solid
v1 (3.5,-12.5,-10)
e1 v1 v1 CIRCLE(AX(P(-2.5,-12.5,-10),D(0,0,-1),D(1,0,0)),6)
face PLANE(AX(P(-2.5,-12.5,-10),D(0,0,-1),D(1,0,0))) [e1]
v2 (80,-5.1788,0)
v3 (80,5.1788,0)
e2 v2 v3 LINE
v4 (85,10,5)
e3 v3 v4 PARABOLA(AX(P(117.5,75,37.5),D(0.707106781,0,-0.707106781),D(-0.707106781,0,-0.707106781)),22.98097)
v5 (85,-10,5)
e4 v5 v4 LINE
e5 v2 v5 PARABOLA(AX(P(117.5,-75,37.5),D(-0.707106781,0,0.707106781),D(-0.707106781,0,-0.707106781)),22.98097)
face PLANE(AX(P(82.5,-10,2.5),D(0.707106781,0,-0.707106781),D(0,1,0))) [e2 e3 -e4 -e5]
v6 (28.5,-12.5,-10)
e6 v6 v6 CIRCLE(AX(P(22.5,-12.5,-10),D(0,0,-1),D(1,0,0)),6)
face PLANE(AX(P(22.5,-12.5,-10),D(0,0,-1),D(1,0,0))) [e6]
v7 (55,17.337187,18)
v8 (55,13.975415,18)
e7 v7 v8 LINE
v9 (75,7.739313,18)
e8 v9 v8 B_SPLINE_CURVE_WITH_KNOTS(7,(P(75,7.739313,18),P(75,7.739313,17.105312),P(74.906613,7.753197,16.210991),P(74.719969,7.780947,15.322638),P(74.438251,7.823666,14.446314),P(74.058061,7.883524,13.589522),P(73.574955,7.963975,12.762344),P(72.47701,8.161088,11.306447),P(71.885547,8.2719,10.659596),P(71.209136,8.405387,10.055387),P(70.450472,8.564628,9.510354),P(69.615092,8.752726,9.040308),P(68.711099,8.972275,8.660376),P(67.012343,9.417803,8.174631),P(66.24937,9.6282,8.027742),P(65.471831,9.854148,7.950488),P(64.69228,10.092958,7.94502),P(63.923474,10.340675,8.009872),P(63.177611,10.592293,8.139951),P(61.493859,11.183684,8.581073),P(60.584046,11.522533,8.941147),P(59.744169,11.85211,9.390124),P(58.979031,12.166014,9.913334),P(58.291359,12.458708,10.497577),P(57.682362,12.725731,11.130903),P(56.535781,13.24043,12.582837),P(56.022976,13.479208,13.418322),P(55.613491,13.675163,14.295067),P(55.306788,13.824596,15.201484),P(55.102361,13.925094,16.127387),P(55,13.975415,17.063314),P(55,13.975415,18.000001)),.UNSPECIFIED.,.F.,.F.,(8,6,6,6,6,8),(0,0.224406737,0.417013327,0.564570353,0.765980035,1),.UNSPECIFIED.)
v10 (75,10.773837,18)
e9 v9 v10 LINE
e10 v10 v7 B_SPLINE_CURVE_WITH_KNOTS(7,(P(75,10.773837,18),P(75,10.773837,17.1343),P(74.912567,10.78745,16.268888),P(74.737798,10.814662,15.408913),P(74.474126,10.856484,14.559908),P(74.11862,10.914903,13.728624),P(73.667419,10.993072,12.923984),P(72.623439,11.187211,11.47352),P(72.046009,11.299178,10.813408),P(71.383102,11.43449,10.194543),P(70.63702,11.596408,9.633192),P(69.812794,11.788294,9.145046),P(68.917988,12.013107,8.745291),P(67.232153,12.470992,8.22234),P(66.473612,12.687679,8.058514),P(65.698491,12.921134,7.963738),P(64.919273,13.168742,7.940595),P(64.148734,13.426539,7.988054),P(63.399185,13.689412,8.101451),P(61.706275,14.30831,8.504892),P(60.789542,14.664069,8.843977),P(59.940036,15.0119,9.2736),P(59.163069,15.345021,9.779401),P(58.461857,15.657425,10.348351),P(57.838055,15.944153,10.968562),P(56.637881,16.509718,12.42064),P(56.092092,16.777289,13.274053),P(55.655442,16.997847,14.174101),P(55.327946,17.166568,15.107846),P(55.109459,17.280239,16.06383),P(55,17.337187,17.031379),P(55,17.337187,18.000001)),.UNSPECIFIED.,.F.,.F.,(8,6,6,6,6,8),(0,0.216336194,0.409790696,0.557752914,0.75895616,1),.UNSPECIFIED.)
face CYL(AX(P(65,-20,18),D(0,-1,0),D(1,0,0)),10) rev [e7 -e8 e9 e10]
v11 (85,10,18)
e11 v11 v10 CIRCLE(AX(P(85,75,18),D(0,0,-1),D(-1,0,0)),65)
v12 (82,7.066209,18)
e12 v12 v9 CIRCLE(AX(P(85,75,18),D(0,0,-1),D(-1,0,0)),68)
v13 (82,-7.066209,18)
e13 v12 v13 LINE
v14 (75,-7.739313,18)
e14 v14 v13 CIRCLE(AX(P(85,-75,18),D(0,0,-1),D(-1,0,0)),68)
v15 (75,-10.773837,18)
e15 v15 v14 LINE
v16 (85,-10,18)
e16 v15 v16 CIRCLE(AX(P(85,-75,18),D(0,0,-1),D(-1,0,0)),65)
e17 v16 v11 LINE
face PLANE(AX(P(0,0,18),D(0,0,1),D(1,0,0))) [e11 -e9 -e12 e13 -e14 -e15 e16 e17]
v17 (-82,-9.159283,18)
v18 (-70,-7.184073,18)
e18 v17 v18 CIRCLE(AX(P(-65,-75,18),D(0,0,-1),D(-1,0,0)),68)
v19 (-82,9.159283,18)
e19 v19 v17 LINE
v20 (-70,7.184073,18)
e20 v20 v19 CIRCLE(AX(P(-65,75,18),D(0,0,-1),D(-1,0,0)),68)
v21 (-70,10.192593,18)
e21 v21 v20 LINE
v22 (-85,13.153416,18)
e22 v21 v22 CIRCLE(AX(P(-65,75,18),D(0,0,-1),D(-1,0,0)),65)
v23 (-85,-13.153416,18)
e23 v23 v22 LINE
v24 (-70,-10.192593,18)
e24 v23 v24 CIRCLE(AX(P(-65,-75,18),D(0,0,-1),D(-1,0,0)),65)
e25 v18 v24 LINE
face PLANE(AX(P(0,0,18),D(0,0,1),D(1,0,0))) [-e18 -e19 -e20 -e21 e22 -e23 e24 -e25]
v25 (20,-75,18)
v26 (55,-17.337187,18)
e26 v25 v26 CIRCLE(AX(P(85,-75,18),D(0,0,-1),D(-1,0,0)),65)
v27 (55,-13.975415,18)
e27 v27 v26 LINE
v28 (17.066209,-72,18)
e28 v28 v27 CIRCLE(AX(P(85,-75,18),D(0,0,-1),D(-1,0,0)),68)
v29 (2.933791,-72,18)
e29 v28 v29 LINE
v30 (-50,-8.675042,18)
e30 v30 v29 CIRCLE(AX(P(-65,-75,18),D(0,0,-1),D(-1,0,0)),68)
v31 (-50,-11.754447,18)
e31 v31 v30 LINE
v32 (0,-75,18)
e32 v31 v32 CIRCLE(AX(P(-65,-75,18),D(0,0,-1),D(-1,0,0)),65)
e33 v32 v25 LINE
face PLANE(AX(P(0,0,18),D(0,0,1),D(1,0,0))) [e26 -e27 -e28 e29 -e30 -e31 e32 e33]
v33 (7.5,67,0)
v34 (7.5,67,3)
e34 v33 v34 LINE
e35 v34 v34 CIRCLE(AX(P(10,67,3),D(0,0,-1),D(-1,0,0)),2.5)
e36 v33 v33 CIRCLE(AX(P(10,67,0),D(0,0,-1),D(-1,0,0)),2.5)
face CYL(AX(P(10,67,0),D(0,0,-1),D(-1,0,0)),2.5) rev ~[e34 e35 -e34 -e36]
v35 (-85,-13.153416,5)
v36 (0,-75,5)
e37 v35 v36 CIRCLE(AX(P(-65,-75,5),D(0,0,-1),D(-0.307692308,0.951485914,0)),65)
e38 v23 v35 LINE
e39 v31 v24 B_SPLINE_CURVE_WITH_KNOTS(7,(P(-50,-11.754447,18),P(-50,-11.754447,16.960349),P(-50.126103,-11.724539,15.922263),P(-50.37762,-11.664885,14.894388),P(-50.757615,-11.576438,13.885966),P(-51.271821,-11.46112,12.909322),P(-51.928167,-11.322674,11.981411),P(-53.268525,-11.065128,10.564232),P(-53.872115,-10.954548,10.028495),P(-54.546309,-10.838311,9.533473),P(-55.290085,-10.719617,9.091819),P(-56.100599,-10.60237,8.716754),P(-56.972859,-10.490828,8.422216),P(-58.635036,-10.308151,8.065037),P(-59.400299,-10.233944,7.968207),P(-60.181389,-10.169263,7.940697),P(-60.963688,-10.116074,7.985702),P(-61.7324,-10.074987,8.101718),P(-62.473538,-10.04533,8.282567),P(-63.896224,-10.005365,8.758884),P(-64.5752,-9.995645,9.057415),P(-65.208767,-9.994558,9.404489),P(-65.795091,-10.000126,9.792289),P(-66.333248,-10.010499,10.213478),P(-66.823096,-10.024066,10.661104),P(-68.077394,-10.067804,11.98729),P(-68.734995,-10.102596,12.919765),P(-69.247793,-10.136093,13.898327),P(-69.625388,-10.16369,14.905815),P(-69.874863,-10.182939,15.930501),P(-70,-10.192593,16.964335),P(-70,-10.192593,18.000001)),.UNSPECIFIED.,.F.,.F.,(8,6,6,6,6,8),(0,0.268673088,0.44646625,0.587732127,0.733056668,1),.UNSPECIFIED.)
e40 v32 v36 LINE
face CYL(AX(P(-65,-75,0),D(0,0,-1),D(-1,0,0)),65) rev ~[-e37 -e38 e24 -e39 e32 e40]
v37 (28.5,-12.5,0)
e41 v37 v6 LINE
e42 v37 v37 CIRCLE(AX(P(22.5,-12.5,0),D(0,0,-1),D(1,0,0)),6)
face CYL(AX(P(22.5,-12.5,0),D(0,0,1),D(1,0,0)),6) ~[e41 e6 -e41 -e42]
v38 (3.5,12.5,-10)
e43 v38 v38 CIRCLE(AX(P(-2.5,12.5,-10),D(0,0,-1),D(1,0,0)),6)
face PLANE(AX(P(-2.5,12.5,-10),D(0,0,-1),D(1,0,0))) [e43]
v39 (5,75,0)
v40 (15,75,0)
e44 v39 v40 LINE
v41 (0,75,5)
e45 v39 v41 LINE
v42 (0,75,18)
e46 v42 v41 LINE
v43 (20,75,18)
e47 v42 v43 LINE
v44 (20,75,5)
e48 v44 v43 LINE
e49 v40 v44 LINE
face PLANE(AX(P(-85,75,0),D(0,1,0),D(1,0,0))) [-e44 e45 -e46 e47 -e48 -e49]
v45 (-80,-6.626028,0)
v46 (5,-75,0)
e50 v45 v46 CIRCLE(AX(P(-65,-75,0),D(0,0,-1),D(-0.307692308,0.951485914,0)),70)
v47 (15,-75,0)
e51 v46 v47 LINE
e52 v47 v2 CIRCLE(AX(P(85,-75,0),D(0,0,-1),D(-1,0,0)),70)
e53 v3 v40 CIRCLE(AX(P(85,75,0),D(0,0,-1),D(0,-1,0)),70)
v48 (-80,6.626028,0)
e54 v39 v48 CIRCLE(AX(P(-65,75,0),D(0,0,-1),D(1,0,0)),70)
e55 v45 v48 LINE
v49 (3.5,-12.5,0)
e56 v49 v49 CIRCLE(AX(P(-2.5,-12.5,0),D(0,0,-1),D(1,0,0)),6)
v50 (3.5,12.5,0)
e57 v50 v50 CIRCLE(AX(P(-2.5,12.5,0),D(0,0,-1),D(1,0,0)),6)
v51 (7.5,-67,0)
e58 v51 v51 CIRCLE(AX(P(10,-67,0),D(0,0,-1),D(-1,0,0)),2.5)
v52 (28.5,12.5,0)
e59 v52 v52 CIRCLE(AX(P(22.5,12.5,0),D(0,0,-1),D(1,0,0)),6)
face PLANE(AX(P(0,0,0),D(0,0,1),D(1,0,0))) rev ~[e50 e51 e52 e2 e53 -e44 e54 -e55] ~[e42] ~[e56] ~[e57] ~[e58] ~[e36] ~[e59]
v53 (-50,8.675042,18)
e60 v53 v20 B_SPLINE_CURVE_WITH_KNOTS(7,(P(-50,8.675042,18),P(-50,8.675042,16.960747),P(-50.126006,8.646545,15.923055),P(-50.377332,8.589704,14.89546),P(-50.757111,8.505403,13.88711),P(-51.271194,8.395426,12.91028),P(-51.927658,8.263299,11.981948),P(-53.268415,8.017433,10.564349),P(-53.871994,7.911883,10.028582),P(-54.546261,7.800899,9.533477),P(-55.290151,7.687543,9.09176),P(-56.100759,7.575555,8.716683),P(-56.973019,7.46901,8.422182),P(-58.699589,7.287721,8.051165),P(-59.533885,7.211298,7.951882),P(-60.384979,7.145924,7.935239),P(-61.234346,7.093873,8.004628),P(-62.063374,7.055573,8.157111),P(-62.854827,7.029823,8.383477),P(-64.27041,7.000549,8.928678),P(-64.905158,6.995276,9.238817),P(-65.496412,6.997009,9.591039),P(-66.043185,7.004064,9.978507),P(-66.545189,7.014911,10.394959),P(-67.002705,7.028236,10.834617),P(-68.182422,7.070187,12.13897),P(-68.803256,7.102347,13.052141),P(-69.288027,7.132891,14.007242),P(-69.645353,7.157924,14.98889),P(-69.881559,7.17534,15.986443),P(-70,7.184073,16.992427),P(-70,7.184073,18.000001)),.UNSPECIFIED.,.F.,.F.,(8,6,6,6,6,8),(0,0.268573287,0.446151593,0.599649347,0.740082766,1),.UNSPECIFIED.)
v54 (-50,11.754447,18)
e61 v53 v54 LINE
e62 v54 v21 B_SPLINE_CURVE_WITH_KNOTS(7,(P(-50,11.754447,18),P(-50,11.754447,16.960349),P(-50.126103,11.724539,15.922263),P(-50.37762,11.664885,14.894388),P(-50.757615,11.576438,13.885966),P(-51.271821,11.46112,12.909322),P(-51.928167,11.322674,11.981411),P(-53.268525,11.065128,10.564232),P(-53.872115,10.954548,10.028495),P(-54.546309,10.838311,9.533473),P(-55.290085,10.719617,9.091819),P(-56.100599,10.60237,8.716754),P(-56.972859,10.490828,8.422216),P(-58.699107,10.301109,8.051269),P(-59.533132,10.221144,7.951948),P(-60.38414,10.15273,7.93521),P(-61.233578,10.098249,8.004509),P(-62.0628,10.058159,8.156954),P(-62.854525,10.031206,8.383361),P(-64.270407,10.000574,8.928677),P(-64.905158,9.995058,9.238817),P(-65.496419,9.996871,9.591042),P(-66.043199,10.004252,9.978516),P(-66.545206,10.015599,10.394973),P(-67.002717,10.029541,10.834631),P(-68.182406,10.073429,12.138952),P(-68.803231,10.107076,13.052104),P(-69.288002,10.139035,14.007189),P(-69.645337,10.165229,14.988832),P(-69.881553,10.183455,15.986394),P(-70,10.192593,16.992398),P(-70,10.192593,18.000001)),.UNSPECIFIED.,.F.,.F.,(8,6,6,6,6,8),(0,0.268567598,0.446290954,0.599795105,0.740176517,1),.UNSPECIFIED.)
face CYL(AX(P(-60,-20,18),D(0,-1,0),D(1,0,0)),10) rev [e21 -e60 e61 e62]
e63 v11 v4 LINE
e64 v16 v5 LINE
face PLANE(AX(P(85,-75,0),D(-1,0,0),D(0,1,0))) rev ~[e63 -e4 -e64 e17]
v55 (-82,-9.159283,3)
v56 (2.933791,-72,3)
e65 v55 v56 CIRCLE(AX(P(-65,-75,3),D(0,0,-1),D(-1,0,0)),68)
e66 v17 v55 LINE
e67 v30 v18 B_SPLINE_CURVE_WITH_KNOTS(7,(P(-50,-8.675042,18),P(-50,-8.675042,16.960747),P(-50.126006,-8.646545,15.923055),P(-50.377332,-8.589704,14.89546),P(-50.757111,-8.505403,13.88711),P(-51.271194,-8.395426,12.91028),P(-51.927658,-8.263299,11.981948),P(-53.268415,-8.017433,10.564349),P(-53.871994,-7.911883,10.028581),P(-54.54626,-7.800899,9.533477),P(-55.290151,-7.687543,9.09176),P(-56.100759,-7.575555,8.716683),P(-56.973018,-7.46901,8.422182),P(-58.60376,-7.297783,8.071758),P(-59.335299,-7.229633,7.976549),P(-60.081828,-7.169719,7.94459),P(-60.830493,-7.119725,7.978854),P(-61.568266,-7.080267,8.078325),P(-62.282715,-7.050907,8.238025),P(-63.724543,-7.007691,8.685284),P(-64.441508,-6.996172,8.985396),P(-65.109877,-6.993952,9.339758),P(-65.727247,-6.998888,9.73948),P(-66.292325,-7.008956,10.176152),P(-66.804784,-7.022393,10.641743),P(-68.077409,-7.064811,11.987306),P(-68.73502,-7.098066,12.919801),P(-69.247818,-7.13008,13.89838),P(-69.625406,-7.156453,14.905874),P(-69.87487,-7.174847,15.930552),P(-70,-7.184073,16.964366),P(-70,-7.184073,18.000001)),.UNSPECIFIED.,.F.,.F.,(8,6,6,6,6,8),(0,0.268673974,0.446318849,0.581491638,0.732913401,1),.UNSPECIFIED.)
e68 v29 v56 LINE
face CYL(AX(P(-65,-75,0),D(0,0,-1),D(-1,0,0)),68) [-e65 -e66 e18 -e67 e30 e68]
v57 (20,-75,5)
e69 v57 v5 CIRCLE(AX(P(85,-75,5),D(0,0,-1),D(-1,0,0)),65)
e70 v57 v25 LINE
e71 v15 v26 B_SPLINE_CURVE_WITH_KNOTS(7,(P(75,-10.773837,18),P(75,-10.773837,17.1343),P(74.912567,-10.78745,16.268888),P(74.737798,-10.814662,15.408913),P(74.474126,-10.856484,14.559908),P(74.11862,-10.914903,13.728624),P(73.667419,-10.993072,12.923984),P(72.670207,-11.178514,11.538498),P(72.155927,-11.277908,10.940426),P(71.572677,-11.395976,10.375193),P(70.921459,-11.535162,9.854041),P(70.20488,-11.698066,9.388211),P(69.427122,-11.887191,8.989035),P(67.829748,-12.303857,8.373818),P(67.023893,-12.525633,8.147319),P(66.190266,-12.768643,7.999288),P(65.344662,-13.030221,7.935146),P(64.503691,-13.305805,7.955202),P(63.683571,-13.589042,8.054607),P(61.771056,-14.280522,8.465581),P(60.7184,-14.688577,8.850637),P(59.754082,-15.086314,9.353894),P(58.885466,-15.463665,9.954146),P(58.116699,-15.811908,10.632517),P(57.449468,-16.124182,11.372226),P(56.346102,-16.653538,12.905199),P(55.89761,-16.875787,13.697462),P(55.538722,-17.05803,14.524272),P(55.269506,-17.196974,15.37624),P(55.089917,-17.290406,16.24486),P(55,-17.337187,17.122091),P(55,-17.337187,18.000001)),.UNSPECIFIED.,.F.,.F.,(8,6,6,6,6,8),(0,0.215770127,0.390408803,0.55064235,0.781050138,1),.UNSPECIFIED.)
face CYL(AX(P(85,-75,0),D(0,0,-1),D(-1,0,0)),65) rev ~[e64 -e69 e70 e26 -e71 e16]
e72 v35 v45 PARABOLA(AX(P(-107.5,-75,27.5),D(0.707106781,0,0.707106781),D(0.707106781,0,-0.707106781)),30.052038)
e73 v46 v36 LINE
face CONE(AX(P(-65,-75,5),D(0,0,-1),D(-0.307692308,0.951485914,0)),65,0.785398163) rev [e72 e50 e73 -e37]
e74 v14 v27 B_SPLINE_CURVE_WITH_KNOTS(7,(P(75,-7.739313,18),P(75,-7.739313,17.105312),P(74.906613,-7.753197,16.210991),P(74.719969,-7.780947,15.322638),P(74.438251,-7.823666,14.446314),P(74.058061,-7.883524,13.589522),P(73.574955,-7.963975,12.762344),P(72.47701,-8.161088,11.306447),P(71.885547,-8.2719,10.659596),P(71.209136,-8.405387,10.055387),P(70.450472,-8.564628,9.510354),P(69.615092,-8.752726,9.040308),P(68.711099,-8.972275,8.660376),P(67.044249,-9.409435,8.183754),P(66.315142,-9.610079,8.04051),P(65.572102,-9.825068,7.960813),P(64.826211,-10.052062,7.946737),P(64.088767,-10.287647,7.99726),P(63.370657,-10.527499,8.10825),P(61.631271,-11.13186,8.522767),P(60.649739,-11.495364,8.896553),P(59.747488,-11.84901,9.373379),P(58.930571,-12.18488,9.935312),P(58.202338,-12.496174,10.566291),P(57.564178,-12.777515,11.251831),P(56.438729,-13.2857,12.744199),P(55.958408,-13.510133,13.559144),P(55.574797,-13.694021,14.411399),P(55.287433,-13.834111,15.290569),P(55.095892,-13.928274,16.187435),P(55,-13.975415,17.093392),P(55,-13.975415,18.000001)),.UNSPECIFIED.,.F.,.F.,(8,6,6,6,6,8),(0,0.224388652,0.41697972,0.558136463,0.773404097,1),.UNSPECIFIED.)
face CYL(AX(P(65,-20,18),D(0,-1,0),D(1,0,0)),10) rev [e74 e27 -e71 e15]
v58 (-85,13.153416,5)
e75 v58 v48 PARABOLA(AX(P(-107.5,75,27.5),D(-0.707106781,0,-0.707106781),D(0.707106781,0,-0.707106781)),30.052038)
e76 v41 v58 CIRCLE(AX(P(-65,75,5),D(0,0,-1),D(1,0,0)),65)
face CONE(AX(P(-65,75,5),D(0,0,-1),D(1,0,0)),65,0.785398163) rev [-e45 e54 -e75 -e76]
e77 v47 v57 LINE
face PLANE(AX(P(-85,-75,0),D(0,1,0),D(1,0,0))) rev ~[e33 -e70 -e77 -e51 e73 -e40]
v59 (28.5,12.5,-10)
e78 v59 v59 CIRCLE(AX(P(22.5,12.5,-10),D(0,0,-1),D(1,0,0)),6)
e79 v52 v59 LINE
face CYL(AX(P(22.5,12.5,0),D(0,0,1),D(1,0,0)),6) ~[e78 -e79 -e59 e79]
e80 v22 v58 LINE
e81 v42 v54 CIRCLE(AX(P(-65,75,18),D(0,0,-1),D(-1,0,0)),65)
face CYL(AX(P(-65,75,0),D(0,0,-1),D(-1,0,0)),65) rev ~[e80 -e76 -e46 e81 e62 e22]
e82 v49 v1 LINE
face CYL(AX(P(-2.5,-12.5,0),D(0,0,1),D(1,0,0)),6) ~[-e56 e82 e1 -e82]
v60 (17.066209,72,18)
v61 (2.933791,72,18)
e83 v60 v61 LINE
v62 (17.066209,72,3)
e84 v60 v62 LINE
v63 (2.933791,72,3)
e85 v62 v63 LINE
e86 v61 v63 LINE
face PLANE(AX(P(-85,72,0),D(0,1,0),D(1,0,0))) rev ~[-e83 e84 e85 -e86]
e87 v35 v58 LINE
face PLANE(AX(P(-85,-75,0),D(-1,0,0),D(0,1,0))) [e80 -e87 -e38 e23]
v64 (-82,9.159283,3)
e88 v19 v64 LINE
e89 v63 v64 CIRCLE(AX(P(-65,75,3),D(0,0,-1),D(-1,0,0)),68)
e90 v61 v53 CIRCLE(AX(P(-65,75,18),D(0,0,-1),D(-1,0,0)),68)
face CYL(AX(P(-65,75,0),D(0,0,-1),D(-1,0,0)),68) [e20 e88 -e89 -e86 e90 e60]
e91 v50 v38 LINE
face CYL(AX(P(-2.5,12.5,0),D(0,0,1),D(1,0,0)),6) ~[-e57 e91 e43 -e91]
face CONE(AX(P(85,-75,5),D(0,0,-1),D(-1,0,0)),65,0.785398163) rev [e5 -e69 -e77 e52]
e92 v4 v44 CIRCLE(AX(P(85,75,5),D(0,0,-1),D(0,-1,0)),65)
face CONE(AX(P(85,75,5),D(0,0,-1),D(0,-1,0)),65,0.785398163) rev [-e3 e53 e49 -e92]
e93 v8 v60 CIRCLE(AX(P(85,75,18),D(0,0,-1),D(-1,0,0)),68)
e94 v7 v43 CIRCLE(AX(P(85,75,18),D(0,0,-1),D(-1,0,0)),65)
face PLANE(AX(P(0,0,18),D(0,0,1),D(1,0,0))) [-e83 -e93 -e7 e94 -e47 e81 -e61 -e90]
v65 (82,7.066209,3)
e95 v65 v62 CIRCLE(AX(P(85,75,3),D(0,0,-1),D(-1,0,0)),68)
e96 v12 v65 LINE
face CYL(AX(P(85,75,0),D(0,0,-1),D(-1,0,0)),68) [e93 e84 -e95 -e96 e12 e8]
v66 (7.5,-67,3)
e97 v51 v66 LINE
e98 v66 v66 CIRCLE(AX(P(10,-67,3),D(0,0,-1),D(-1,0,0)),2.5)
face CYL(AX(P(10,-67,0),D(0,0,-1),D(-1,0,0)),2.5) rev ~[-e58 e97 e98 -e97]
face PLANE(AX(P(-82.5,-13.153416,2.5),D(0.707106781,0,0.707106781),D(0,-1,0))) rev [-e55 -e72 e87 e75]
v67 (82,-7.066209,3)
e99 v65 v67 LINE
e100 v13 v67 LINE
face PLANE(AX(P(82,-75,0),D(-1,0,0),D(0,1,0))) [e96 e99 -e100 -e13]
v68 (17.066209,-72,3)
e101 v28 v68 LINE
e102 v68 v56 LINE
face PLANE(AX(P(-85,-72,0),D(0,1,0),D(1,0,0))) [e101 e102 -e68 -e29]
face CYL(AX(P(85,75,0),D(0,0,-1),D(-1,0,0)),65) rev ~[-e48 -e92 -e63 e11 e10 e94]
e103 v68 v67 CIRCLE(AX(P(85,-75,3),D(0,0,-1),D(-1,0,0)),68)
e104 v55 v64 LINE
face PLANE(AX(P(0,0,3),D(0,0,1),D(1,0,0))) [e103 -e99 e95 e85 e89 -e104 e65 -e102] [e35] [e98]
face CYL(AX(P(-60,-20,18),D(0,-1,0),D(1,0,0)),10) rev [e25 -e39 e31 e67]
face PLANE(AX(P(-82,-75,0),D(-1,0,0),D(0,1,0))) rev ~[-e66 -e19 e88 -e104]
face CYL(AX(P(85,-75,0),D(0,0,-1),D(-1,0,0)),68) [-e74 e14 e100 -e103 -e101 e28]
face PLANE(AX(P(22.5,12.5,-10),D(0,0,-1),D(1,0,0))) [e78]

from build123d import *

# Parameters (mm, degrees)
SKETCH1_W               = 170
SKETCH1_H               = 150
BOSS_EXTRUDE1_DEPTH     = 18
SKETCH2_R               = 65
CUT_EXTRUDE1_DEPTH      = 20
SHELL2_T                = -3
CUT_EXTRUDE2_DEPTH      = 20
CUT_EXTRUDE2_DEPTH_BACK = 20
SKETCH3_R               = 10
SKETCH4_R               = 2.5
CUT_EXTRUDE3_DEPTH      = 20
CHAMFER1_SIZE           = 5
SKETCH5_R               = 6
BOSS_EXTRUDE2_DEPTH     = 10


with BuildPart() as part:
    # Sketch1 → Boss-Extrude1 (new body)
    with BuildSketch(Plane.XY):
        Rectangle(SKETCH1_W, SKETCH1_H)
    extrude(amount=BOSS_EXTRUDE1_DEPTH)

    # Sketch2 → Cut-Extrude1 (cut)
    with BuildSketch(Plane(origin=(0, 0, 0), x_dir=(-1, 0, 0), z_dir=(0, 0, -1))):
        with Locations((-85, 75)):
            Circle(SKETCH2_R)
        with Locations((-85, -75)):
            Circle(SKETCH2_R)
        with Locations((65, 75)):
            Circle(SKETCH2_R)
        with Locations((65, -75)):
            Circle(SKETCH2_R)
    extrude(amount=-CUT_EXTRUDE1_DEPTH, mode=Mode.SUBTRACT)

    # Shell2
    shell2_openings = [part.faces().sort_by_distance(p)[0] for p in [
        (6.095773298, 0, 18),
    ]]
    offset(amount=SHELL2_T, openings=shell2_openings, kind=Kind.INTERSECTION)

    # Sketch3 → Cut-Extrude2 (cut, two sides: drawn at the far end of the back side and taken through both)
    with BuildSketch(Plane(origin=(0, 0, 0), x_dir=(1, 0, 0), z_dir=(0, 1, 0)).offset(-CUT_EXTRUDE2_DEPTH_BACK)):
        with Locations((-60, -18)):
            Circle(SKETCH3_R)
        with Locations((65, -18)):
            Circle(SKETCH3_R)
    extrude(amount=CUT_EXTRUDE2_DEPTH + CUT_EXTRUDE2_DEPTH_BACK, mode=Mode.SUBTRACT)

    # Sketch4 → Cut-Extrude3 (cut)
    with BuildSketch(Plane(origin=(0, 0, 0), x_dir=(-1, 0, 0), z_dir=(0, 0, -1))):
        with Locations((-10, -67)):
            Circle(SKETCH4_R)
        with Locations((-10, 67)):
            Circle(SKETCH4_R)
    extrude(amount=-CUT_EXTRUDE3_DEPTH, mode=Mode.SUBTRACT)

    # Chamfer1
    chamfer1_edges = [part.edges().sort_by_distance(p)[0] for p in [
        (-85, 0, 0),
        (85, 0, 0),
        (39.038059223, 29.038059223, 0),
        (39.038059223, -29.038059223, 0),
        (-26.757353648, 22.440509896, 0),
        (-26.757353648, -22.440509896, 0),
    ]]
    chamfer(chamfer1_edges, length=CHAMFER1_SIZE)

    # Sketch5 → Boss-Extrude2 (add)
    with BuildSketch(Plane(origin=(0, 0, 0), x_dir=(-1, 0, 0), z_dir=(0, 0, -1))):
        with Locations(Location((-22.5, 12.5, 0), (0, 0, 180))):
            Circle(SKETCH5_R)
        with Locations(Location((2.5, 12.5, 0), (0, 0, 180))):
            Circle(SKETCH5_R)
        with Locations(Location((2.5, -12.5, 0), (0, 0, 180))):
            Circle(SKETCH5_R)
        with Locations(Location((-22.5, -12.5, 0), (0, 0, 180))):
            Circle(SKETCH5_R)
    extrude(amount=BOSS_EXTRUDE2_DEPTH)


solid = part.part
